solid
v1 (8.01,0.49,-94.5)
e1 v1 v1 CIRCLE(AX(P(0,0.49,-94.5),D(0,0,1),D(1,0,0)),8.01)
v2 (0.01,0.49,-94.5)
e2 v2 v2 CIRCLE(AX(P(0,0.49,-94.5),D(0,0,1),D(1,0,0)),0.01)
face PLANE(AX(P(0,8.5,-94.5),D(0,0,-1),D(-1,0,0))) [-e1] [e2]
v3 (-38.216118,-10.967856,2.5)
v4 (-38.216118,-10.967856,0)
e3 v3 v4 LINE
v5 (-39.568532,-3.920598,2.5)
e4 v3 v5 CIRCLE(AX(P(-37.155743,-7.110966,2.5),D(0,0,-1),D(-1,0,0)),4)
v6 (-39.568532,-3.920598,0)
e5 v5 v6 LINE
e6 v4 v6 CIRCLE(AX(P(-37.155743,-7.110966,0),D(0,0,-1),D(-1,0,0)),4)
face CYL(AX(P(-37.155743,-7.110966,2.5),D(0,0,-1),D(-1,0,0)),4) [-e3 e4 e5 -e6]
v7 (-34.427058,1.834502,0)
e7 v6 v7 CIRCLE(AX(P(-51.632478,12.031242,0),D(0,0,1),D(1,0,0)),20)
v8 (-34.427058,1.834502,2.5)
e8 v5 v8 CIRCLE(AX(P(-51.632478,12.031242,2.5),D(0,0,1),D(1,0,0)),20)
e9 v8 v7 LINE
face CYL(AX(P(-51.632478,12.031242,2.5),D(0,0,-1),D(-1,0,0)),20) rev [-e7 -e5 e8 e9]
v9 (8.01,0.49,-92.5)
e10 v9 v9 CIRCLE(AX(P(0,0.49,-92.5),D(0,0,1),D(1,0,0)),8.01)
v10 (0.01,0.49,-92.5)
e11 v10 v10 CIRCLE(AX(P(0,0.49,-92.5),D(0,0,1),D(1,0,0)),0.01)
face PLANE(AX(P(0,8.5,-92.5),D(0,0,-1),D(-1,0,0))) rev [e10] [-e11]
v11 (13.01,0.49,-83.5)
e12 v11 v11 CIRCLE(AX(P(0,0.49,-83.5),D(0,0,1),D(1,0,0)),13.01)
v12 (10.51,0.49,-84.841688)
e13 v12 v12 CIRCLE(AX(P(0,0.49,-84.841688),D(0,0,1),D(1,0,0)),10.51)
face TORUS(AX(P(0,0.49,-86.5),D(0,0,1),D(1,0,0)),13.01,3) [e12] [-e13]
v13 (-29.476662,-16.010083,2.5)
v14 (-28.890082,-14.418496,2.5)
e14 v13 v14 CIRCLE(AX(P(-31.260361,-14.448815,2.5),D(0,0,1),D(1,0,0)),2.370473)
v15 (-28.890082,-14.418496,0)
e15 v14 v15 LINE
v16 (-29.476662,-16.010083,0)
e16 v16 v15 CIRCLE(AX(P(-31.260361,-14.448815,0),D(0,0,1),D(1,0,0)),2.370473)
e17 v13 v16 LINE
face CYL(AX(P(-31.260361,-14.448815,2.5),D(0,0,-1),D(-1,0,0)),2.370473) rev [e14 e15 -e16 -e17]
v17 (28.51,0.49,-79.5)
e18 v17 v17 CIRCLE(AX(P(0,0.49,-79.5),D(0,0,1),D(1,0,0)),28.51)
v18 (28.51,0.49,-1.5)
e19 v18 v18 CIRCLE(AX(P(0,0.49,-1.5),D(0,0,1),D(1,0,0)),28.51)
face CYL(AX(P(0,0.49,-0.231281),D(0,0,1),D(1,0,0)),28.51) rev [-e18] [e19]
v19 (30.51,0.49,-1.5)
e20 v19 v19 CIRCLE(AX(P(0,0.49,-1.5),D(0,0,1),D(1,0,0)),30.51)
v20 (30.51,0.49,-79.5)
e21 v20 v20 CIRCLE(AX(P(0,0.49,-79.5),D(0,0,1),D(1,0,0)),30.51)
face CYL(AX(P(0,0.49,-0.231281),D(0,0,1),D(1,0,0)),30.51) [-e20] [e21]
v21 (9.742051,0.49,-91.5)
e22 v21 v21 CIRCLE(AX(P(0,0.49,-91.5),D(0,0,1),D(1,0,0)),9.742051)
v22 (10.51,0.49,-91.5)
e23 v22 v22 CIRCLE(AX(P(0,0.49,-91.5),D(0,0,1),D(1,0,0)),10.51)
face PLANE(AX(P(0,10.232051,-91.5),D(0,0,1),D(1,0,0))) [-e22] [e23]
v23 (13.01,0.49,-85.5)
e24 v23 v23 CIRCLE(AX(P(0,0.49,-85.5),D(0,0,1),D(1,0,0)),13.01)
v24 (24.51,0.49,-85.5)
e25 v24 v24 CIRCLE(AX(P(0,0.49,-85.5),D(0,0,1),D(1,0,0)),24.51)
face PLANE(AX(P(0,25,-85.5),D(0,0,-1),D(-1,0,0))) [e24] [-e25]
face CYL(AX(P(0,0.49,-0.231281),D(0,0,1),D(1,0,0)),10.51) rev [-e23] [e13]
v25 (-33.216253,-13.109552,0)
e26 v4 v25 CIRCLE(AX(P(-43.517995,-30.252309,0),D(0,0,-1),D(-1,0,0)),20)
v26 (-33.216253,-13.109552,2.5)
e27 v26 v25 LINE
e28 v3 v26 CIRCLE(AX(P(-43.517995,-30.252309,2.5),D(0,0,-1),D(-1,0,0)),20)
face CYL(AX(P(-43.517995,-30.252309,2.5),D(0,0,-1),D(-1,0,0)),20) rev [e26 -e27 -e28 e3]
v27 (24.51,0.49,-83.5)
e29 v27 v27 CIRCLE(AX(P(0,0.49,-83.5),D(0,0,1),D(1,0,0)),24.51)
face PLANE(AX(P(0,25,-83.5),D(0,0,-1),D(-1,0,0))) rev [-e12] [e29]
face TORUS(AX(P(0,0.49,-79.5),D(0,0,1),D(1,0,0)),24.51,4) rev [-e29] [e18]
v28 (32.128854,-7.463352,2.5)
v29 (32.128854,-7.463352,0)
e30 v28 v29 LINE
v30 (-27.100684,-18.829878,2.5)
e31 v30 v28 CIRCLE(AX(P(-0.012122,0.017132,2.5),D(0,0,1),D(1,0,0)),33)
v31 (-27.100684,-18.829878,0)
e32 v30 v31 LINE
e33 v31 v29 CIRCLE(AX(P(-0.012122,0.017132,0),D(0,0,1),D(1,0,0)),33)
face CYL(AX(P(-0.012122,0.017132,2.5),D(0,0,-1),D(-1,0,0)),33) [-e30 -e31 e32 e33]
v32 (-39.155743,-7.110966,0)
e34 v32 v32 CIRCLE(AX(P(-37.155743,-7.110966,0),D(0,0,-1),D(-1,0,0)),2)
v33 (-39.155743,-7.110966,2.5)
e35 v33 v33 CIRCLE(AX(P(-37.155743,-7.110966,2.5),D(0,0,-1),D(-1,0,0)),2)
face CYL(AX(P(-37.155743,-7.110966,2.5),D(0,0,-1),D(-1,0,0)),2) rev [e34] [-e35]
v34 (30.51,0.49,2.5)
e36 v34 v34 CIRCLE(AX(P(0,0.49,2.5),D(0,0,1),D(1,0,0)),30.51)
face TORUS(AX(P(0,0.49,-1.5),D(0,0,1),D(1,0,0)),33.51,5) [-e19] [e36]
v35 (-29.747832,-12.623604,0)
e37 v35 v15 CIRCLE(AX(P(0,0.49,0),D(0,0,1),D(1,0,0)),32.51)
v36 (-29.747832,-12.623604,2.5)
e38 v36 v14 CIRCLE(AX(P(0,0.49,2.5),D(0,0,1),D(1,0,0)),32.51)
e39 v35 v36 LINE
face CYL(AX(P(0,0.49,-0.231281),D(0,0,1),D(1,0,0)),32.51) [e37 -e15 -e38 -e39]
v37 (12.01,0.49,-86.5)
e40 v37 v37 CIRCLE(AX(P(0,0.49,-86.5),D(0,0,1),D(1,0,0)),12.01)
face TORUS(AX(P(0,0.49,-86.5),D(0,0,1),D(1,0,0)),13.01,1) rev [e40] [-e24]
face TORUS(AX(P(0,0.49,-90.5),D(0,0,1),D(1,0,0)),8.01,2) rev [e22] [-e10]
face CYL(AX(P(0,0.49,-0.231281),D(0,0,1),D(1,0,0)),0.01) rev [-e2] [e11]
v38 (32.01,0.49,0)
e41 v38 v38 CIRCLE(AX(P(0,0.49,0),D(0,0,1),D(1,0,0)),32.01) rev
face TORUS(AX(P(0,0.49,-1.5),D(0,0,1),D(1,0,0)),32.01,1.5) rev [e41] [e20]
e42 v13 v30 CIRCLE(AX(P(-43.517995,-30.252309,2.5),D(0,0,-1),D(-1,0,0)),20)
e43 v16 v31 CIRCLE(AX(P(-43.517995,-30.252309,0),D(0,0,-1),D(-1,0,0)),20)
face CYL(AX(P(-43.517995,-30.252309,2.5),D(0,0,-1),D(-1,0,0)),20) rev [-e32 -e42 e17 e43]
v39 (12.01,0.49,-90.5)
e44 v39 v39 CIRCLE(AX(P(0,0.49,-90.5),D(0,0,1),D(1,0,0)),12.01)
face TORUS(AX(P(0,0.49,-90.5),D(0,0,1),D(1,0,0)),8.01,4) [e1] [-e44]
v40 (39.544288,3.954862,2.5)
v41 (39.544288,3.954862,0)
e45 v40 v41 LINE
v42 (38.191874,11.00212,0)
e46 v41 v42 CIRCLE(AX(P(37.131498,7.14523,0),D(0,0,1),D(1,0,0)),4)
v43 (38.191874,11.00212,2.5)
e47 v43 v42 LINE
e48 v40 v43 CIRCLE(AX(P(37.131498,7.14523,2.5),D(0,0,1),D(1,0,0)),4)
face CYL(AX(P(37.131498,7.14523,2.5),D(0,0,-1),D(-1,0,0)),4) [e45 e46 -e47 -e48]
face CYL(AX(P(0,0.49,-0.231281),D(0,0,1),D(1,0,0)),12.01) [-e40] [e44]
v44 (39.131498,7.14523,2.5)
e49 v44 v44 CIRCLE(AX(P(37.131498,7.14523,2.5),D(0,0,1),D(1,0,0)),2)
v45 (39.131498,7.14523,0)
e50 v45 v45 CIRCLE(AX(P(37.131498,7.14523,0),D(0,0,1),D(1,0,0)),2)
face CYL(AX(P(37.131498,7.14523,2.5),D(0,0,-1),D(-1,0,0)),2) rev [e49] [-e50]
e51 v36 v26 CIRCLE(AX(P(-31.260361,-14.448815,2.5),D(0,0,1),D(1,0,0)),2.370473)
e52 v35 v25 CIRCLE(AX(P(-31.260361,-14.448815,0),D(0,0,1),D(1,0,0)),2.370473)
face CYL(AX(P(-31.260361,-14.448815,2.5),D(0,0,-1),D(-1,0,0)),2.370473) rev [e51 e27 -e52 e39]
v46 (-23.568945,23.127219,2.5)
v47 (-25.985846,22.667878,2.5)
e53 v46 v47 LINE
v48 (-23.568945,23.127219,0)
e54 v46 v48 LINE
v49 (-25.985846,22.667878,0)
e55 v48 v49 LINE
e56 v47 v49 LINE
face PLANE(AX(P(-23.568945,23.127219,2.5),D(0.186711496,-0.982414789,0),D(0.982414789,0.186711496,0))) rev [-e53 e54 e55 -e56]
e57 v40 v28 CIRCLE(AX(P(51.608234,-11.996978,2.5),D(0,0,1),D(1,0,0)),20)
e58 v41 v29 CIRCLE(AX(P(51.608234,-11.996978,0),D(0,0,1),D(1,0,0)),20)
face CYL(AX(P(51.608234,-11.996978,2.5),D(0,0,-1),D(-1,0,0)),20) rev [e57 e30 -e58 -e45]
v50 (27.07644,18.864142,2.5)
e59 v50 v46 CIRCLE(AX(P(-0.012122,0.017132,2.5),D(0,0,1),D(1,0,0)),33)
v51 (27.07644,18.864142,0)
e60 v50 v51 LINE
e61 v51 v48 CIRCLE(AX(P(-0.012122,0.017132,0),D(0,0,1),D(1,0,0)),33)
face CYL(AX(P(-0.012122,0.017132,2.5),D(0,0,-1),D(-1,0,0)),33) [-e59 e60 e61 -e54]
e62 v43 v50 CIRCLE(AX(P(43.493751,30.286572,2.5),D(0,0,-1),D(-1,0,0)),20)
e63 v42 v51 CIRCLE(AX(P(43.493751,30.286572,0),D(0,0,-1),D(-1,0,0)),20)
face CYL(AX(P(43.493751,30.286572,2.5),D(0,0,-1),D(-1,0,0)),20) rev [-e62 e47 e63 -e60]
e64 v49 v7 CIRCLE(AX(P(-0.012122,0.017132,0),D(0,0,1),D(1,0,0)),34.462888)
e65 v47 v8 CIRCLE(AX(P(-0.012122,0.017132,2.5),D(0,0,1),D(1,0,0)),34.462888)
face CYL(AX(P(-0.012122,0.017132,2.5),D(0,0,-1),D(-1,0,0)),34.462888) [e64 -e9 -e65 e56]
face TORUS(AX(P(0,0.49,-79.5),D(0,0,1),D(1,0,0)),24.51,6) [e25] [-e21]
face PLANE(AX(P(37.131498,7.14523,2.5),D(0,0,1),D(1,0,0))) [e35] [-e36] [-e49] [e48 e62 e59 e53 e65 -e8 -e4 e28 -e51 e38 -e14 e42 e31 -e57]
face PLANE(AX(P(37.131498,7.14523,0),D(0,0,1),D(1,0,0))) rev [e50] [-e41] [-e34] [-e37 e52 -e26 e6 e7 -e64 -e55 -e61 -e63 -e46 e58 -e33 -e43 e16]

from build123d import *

# Parameters (mm, degrees)
ESQUISSE1_R          = 2
ESQUISSE1_R_2        = 31
BASE_EXTRUSION_DEPTH = 2.5


with BuildPart() as part:
    # Esquisse1 → Base-Extrusion (new body)
    with BuildSketch(Plane.XY):
        with BuildLine():
            Line((-23.568944799, 23.127218564), (-25.985846252, 22.667877672))
            ThreePointArc((-25.985846252, 22.667877672), (-31.952769274, 12.958758057), (-34.427057727, 1.834502094))
            ThreePointArc((-34.427057727, 1.834502094), (-36.71757785, -1.293387212), (-39.568531836, -3.92059777))
            ThreePointArc((-39.568531836, -3.92059777), (-41.084060438, -7.864835035), (-38.216117979, -10.967856241))
            ThreePointArc((-38.216117979, -10.967856241), (-35.643038141, -11.867938679), (-33.216253112, -13.109551613))
            ThreePointArc((-33.216253112, -13.109551613), (-29.807541742, -12.575727534), (-29.476662294, -16.010083389))
            ThreePointArc((-29.476662294, -16.010083389), (-28.22354999, -17.365107393), (-27.100684434, -18.829878173))
            ThreePointArc((-27.100684434, -18.829878173), (6.207299265, -32.391490341), (32.128854282, -7.463351859))
            ThreePointArc((32.128854282, -7.463351859), (34.835063313, -1.103826958), (39.544287655, 3.954861646))
            ThreePointArc((39.544287655, 3.954861646), (41.059816258, 7.899098911), (38.191873799, 11.002120117))
            ThreePointArc((38.191873799, 11.002120117), (31.944567964, 13.958180686), (27.076440254, 18.86414205))
            ThreePointArc((27.076440254, 18.86414205), (2.755864824, 32.900839887), (-23.568944799, 23.127218564))
        make_face()
        with Locations(Location((-37.155742586, -7.11096578, 0), (0, 0, 180))):
            Circle(ESQUISSE1_R, mode=Mode.SUBTRACT)
        with Locations((-0.01212209, 0.017131938)):
            Circle(ESQUISSE1_R_2, mode=Mode.SUBTRACT)
        with Locations((37.131498406, 7.145229656)):
            Circle(ESQUISSE1_R, mode=Mode.SUBTRACT)
    extrude(amount=BASE_EXTRUSION_DEPTH)

    # Esquisse2 → Boss.-Révol.2 (revolve)
    with BuildSketch(Plane(origin=(0, 0, 0), x_dir=(0, 0, -1), z_dir=(1, 0, 0)), mode=Mode.PRIVATE) as boss_r_vol_2_sk:
        with BuildLine():
            Line((0, 32.5), (0, 33))
            Line((0, 33), (-2.5, 33))
            Line((-2.5, 33), (-2.5, 31))
            ThreePointArc((-2.5, 31), (-0.736067977, 29.527864045), (1.5, 29))
            Line((1.5, 29), (79.5, 29))
            ThreePointArc((79.5, 29), (82.328427125, 27.828427125), (83.5, 25))
            Line((83.5, 25), (83.5, 13.5))
            ThreePointArc((83.5, 13.5), (83.856617963, 12.081362835), (84.841687605, 11))
            Line((84.841687605, 11), (91.5, 11))
            Line((91.5, 11), (91.5, 10.232050808))
            ThreePointArc((91.5, 10.232050808), (92.232050808, 9.5), (92.5, 8.5))
            Line((92.5, 8.5), (92.5, 0.5))
            Line((92.5, 0.5), (94.5, 0.5))
            Line((94.5, 0.5), (94.5, 8.5))
            ThreePointArc((94.5, 8.5), (93.328427125, 11.328427125), (90.5, 12.5))
            Line((90.5, 12.5), (86.5, 12.5))
            ThreePointArc((86.5, 12.5), (85.792893219, 12.792893219), (85.5, 13.5))
            Line((85.5, 13.5), (85.5, 25))
            ThreePointArc((85.5, 25), (83.742640687, 29.242640687), (79.5, 31))
            Line((79.5, 31), (1.5, 31))
            ThreePointArc((1.5, 31), (0.439339828, 31.439339828), (0, 32.5))
        make_face()
    revolve(boss_r_vol_2_sk.sketch.rotate(Axis((0, 0.49, -0.231281164), (0, 0, -1)), 90), axis=Axis((0, 0.49, -0.231281164), (0, 0, -1)))


solid = part.part
